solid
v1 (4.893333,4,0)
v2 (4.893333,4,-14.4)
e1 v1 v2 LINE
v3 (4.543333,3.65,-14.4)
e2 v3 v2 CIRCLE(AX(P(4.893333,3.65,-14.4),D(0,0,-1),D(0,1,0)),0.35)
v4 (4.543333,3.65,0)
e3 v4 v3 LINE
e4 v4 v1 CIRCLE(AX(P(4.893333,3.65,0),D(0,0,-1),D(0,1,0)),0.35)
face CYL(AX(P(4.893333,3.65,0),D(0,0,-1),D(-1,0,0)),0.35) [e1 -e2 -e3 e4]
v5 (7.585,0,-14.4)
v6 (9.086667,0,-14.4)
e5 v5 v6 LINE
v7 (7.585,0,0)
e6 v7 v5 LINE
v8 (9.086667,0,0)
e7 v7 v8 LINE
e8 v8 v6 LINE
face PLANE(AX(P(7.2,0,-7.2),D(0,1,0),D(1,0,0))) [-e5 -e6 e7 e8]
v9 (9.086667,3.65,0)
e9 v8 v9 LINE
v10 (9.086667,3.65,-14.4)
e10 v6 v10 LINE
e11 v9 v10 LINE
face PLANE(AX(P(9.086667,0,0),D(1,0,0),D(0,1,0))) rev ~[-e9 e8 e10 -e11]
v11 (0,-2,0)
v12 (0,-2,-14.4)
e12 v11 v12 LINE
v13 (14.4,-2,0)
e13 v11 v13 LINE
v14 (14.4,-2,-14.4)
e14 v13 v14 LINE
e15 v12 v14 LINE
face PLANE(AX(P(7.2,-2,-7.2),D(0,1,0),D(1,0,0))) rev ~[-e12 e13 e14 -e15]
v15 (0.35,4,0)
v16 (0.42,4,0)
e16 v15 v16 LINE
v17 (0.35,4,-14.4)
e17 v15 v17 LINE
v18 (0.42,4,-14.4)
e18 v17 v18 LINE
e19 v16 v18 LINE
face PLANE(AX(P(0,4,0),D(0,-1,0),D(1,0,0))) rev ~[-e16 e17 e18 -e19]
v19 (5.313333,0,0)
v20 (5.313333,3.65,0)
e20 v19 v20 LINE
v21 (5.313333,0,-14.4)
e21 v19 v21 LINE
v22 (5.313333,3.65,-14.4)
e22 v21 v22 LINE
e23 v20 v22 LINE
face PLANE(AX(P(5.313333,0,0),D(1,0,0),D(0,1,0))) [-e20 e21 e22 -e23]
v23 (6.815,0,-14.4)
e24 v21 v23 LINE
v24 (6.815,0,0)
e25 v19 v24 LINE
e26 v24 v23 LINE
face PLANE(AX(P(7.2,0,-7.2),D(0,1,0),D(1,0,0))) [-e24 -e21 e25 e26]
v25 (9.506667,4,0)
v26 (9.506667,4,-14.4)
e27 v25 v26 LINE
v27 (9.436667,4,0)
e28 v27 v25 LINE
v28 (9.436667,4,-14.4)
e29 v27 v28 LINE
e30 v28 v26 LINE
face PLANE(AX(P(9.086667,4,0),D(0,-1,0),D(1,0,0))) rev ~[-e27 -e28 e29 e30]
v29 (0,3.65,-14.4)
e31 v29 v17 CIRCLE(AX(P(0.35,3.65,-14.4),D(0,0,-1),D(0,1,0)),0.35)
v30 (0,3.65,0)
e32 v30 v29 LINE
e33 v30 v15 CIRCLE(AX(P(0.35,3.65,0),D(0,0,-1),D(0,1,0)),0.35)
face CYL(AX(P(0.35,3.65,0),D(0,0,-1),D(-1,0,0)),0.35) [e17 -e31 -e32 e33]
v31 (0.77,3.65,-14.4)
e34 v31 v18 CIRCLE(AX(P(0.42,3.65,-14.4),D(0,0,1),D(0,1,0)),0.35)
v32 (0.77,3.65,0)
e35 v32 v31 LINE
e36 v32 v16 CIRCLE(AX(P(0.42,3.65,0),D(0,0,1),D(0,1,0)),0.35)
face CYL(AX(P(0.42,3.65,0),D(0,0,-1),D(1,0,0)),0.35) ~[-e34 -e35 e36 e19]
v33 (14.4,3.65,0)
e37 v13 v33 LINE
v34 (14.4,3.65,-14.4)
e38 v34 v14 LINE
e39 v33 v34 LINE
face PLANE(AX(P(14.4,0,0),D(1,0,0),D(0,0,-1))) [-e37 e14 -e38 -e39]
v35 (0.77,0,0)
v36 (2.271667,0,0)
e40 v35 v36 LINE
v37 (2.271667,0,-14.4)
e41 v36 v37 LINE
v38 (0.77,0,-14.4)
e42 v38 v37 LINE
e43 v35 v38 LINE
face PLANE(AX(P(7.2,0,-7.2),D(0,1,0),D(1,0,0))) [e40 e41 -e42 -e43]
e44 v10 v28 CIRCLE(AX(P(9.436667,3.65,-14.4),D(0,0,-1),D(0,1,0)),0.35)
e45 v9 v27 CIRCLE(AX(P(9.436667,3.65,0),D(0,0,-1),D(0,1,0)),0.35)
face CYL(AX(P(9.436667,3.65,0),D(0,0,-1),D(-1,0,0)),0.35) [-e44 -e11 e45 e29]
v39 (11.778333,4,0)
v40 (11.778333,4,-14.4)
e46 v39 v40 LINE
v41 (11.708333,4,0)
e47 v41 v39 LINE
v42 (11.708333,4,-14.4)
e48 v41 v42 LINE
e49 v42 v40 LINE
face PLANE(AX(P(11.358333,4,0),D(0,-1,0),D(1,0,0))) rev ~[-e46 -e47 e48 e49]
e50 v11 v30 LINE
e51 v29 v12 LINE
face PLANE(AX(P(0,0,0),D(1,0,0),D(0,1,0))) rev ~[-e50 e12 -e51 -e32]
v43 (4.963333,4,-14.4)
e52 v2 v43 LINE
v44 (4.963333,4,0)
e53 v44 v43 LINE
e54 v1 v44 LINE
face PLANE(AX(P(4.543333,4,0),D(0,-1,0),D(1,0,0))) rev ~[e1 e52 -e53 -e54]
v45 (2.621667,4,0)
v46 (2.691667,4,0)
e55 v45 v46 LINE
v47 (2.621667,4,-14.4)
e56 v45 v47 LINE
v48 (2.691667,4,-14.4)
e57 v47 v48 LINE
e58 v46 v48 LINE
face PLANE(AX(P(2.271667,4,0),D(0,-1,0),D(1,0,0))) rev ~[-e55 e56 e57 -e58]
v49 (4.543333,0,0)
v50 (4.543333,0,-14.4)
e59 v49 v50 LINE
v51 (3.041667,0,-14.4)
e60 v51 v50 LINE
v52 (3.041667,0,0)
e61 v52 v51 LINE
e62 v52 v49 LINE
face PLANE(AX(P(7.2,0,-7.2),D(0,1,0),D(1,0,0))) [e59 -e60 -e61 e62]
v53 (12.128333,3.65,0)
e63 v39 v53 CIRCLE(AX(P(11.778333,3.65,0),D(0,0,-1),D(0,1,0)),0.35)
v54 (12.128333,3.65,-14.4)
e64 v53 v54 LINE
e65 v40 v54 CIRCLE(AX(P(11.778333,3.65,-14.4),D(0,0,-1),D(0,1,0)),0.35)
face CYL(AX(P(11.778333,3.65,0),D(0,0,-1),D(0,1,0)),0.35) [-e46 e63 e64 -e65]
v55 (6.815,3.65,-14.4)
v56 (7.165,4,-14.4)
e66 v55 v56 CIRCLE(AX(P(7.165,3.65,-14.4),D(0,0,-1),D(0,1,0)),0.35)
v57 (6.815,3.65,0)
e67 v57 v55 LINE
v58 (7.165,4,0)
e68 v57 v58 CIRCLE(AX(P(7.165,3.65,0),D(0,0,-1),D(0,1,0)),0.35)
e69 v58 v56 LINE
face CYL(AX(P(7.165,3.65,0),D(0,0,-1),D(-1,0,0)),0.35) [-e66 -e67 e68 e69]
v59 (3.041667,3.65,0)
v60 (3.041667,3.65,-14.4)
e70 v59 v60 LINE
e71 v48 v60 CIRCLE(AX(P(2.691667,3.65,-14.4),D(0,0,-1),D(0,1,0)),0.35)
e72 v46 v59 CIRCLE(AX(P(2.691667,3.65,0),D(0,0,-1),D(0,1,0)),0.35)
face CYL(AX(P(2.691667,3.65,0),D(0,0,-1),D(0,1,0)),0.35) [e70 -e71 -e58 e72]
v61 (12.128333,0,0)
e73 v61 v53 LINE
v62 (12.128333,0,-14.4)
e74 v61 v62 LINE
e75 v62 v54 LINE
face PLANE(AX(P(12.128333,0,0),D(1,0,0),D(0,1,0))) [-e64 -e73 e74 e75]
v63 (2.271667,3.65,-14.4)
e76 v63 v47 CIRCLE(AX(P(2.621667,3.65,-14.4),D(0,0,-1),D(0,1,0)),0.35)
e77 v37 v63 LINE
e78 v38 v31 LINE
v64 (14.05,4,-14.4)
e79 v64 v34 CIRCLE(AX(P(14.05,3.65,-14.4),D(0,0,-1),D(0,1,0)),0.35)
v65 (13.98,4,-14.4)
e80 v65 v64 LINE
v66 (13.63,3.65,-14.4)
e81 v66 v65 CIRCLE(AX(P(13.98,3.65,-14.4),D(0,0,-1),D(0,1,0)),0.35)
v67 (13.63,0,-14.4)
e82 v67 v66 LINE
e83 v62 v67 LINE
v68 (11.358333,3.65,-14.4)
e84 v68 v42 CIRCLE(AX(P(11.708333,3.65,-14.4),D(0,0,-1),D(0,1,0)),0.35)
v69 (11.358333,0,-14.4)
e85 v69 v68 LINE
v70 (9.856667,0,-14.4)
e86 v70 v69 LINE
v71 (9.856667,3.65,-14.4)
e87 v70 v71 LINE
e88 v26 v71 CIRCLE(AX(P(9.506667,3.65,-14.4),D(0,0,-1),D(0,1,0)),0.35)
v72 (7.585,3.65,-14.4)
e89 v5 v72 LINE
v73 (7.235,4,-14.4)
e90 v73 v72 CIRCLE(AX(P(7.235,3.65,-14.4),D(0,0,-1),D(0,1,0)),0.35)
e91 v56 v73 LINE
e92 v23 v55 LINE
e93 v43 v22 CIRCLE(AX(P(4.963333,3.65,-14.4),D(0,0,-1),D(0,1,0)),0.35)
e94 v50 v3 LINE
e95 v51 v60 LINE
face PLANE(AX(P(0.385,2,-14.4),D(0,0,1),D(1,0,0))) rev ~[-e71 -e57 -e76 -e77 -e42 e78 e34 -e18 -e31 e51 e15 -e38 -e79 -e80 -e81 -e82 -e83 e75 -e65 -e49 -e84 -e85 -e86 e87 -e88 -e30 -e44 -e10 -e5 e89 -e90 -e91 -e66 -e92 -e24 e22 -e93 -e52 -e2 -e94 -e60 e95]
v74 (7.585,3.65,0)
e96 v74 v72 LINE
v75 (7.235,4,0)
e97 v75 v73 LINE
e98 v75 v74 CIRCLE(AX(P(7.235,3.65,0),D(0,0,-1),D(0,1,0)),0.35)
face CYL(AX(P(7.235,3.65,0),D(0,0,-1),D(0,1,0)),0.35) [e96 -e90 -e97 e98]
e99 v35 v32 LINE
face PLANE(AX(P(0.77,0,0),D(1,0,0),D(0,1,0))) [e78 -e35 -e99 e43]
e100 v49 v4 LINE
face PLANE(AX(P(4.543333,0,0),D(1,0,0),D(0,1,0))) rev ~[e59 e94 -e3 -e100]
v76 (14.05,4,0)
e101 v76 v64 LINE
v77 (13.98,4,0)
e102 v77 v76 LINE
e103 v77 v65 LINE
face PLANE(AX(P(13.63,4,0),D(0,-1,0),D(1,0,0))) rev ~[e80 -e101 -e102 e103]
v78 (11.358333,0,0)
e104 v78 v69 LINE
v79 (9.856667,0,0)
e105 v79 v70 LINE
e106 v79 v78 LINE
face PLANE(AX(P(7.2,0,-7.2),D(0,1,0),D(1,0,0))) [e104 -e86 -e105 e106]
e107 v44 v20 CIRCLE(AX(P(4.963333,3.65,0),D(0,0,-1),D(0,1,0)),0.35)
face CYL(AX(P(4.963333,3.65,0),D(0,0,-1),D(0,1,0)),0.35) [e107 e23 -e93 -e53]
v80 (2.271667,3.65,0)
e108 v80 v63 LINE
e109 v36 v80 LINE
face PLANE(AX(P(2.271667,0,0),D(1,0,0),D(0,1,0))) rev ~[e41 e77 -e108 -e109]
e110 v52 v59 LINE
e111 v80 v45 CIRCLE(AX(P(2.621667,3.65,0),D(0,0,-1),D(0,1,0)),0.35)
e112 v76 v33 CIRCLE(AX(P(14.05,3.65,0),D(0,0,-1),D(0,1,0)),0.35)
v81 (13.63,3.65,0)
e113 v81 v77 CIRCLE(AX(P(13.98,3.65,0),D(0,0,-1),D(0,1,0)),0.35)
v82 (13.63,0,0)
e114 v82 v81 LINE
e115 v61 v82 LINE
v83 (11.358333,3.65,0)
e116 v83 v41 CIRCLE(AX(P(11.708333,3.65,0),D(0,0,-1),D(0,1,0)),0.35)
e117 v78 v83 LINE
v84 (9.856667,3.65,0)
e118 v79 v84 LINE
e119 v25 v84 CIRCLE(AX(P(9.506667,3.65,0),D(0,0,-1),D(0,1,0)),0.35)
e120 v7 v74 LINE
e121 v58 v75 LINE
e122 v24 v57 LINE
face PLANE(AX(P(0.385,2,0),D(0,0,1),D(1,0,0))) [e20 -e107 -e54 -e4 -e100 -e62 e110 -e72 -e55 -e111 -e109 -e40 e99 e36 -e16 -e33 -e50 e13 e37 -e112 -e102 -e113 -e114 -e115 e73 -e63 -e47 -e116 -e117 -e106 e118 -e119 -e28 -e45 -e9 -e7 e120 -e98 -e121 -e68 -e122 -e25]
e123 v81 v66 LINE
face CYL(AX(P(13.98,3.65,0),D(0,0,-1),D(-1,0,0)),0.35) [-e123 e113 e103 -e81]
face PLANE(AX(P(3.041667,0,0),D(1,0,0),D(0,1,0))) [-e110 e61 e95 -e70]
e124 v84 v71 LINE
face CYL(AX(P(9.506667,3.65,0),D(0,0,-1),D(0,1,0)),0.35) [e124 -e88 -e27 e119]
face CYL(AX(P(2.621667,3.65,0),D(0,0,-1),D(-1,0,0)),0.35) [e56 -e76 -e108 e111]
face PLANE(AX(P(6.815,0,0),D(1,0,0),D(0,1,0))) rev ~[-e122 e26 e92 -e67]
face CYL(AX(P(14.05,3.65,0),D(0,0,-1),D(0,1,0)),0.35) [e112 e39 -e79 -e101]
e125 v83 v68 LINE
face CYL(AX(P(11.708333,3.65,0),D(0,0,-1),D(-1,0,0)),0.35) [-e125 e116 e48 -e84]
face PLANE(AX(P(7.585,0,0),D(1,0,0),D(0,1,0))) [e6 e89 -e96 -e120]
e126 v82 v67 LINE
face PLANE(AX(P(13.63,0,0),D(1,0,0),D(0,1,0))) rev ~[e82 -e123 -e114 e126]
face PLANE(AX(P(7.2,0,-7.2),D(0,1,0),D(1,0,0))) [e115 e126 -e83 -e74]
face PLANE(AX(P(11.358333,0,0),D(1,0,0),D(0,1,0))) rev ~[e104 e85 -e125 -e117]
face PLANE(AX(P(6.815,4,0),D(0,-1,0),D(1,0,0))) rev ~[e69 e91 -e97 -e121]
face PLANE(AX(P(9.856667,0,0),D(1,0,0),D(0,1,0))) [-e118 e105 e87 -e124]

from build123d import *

# Parameters (mm, degrees)
SKETCH1_W           = 14.4
SKETCH1_H           = 14.4
BOSS_EXTRUDE1_DEPTH = 2
SKETCH2_W           = 0.77
SKETCH2_H           = 4
BOSS_EXTRUDE2_DEPTH = 14.4
FILLET1_R           = 0.35


with BuildPart() as part:
    # Sketch1 → Boss-Extrude1 (new body)
    with BuildSketch(Plane(origin=(0, 0, 0), x_dir=(1, 0, 0), z_dir=(0, 1, 0))):
        with Locations((7.2, 7.2)):
            Rectangle(SKETCH1_W, SKETCH1_H)
    extrude(amount=-BOSS_EXTRUDE1_DEPTH)

    # Sketch2 → Boss-Extrude2 (add)
    with BuildSketch(Plane.XY):
        with Locations((2.656666667, 2)):
            Rectangle(SKETCH2_W, SKETCH2_H)
        with Locations((0.385, 2)):
            Rectangle(SKETCH2_W, SKETCH2_H)
        with Locations((4.928333333, 2)):
            Rectangle(SKETCH2_W, SKETCH2_H)
        with Locations((7.2, 2)):
            Rectangle(SKETCH2_W, SKETCH2_H)
        with Locations((9.471666667, 2)):
            Rectangle(SKETCH2_W, SKETCH2_H)
        with Locations((11.743333333, 2)):
            Rectangle(SKETCH2_W, SKETCH2_H)
        with Locations((14.015, 2)):
            Rectangle(SKETCH2_W, SKETCH2_H)
    extrude(amount=-BOSS_EXTRUDE2_DEPTH)

    # Fillet1
    fillet1_edges = [part.edges().sort_by_distance(p)[0] for p in [
        (0.77, 4, -7.2),
        (0, 4, -7.2),
        (3.041666667, 4, -7.2),
        (2.271666667, 4, -7.2),
        (5.313333333, 4, -7.2),
        (4.543333333, 4, -7.2),
        (7.585, 4, -7.2),
        (6.815, 4, -7.2),
        (9.856666667, 4, -7.2),
        (9.086666667, 4, -7.2),
        (12.128333333, 4, -7.2),
        (11.358333333, 4, -7.2),
        (14.4, 4, -7.2),
        (13.63, 4, -7.2),
    ]]
    fillet(fillet1_edges, radius=FILLET1_R)


solid = part.part
